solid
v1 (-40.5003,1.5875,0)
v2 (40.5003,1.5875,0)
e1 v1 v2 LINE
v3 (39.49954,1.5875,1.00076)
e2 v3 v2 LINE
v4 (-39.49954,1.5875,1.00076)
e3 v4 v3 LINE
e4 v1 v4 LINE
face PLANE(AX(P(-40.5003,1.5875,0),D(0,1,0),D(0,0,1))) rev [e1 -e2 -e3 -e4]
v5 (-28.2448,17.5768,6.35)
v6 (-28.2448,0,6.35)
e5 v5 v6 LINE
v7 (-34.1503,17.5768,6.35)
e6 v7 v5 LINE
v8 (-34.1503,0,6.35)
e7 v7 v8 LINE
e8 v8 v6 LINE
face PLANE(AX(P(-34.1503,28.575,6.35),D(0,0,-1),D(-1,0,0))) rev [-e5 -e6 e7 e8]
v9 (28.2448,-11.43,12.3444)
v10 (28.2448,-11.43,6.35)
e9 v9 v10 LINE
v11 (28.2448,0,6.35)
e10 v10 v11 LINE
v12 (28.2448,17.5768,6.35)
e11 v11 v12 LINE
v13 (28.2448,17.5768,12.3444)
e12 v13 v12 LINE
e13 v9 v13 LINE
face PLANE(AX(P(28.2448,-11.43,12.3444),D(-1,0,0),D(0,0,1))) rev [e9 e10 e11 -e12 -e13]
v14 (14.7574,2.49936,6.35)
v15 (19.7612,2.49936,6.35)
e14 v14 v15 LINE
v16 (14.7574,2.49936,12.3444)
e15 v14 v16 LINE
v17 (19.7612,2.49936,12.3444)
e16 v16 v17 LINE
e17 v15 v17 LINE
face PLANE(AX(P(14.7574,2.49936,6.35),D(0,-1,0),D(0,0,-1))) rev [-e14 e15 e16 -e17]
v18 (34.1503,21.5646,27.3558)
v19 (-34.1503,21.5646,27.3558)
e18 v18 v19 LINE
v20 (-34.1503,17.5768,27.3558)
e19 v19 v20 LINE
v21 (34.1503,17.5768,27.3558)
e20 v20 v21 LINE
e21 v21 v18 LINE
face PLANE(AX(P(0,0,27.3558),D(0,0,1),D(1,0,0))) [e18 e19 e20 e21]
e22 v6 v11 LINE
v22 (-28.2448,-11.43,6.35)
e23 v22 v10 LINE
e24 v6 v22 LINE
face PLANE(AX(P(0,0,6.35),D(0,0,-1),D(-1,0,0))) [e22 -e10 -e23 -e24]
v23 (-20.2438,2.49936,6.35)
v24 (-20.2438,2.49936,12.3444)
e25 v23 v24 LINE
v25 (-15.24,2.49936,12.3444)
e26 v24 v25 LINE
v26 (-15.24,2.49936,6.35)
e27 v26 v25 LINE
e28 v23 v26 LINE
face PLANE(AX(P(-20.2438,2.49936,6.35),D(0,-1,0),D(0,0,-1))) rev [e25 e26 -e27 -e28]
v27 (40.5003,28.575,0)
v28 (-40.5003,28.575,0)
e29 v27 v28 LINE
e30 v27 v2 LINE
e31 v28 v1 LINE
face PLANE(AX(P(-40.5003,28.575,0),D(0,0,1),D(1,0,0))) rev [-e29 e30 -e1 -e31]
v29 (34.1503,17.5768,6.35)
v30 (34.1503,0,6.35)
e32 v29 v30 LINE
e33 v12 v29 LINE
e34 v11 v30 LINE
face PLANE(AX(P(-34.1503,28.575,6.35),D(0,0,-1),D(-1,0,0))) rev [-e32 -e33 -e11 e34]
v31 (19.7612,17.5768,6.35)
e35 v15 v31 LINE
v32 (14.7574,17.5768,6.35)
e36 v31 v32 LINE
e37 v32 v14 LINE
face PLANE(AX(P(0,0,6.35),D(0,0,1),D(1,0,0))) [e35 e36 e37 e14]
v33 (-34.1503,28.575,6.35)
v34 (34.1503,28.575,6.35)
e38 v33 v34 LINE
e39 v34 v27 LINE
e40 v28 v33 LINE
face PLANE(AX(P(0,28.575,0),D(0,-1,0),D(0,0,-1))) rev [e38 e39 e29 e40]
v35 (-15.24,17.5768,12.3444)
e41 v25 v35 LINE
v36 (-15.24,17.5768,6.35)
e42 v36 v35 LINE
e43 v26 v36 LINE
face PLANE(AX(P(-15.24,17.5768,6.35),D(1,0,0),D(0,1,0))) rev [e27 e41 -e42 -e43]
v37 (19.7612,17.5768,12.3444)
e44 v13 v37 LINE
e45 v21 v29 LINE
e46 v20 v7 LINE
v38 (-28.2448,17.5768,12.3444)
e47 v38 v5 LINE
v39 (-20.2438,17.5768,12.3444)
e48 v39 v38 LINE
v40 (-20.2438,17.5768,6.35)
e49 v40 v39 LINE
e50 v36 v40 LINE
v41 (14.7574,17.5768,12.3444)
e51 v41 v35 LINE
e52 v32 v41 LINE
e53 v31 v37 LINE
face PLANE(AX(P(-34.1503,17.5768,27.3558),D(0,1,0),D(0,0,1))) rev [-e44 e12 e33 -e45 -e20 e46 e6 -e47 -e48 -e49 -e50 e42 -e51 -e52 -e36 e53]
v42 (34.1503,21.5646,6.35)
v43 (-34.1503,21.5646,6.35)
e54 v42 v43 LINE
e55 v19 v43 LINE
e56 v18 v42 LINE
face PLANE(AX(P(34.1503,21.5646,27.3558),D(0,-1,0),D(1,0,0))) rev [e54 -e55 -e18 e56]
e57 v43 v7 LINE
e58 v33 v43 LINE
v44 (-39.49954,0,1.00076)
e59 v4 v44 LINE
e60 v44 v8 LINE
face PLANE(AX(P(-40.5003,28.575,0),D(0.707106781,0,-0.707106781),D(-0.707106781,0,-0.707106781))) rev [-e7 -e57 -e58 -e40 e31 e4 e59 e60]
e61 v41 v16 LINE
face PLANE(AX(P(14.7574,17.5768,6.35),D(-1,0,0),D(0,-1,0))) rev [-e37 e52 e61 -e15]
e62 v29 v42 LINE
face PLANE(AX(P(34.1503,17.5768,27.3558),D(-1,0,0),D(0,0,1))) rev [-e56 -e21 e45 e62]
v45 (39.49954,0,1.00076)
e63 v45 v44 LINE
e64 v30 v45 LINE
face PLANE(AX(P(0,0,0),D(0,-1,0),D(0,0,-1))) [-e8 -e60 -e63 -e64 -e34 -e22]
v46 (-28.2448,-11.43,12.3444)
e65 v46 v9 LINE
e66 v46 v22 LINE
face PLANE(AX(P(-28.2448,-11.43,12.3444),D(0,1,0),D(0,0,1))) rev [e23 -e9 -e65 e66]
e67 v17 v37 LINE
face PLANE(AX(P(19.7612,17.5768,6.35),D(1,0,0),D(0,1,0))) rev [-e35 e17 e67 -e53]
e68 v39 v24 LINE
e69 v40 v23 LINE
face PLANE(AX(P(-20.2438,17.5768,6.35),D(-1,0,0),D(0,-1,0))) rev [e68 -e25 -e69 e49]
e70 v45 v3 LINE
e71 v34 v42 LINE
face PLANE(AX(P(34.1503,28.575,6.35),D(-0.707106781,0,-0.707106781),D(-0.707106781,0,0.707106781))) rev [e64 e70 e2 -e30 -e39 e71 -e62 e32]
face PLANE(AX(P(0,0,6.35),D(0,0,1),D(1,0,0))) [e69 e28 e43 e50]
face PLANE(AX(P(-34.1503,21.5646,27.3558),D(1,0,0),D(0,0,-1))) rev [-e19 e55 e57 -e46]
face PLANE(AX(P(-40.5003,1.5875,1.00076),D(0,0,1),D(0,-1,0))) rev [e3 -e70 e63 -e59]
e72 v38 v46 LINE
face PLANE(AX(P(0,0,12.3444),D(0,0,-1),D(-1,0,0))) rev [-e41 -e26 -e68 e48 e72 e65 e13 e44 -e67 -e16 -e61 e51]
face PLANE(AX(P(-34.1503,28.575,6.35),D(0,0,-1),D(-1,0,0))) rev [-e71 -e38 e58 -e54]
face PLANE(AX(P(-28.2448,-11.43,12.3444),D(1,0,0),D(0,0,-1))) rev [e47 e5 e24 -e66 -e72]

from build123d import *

# Parameters (mm, degrees)
BOSS_EXTRUDE1_DEPTH     = 28.575
SKETCH2_W               = 1.00076
SKETCH2_H               = 1.5875
CUT_EXTRUDE2_DEPTH      = 41.5003
CUT_EXTRUDE2_DEPTH_BACK = 41.5003
SKETCH3_W               = 68.3006
SKETCH3_H               = 3.9878
BOSS_EXTRUDE2_DEPTH     = 21.0058
SKETCH4_W               = 56.4896
SKETCH4_H               = 29.0068
BOSS_EXTRUDE3_DEPTH     = 5.9944
SKETCH5_W               = 5.0038
SKETCH5_H               = 15.07744
CUT_EXTRUDE3_DEPTH      = 5.9944


with BuildPart() as part:
    # Sketch1 → Boss-Extrude1 (new body)
    with BuildSketch(Plane(origin=(0, 0, 0), x_dir=(1, 0, 0), z_dir=(0, 1, 0))):
        Polygon((-40.5003, 0), (40.5003, 0), (34.1503, -6.35), (-34.1503, -6.35), align=None)
    extrude(amount=BOSS_EXTRUDE1_DEPTH)

    # Sketch2 → Cut-Extrude2 (cut, two sides)
    with BuildSketch(Plane(origin=(0, 0, 0), x_dir=(0, 0, -1), z_dir=(1, 0, 0))) as cut_extrude2_sk:
        with Locations((-0.50038, 0.79375)):
            Rectangle(SKETCH2_W, SKETCH2_H)
    extrude(amount=CUT_EXTRUDE2_DEPTH, mode=Mode.SUBTRACT)
    extrude(cut_extrude2_sk.sketch, amount=-CUT_EXTRUDE2_DEPTH_BACK, mode=Mode.SUBTRACT)

    # Sketch3 → Boss-Extrude2 (add)
    with BuildSketch(Plane.XY.offset(6.35)):
        with Locations((0, 19.5707)):
            Rectangle(SKETCH3_W, SKETCH3_H)
    extrude(amount=BOSS_EXTRUDE2_DEPTH)

    # Sketch4 → Boss-Extrude3 (add)
    with BuildSketch(Plane.XY.offset(6.35)):
        with Locations((0, 3.0734)):
            Rectangle(SKETCH4_W, SKETCH4_H)
    extrude(amount=BOSS_EXTRUDE3_DEPTH)

    # Sketch5 → Cut-Extrude3 (cut)
    with BuildSketch(Plane.XY.offset(12.3444)):
        with Locations((-17.7419, 10.03808)):
            Rectangle(SKETCH5_W, SKETCH5_H)
        with Locations((17.2593, 10.03808)):
            Rectangle(SKETCH5_W, SKETCH5_H)
    extrude(amount=-CUT_EXTRUDE3_DEPTH, mode=Mode.SUBTRACT)


solid = part.part
